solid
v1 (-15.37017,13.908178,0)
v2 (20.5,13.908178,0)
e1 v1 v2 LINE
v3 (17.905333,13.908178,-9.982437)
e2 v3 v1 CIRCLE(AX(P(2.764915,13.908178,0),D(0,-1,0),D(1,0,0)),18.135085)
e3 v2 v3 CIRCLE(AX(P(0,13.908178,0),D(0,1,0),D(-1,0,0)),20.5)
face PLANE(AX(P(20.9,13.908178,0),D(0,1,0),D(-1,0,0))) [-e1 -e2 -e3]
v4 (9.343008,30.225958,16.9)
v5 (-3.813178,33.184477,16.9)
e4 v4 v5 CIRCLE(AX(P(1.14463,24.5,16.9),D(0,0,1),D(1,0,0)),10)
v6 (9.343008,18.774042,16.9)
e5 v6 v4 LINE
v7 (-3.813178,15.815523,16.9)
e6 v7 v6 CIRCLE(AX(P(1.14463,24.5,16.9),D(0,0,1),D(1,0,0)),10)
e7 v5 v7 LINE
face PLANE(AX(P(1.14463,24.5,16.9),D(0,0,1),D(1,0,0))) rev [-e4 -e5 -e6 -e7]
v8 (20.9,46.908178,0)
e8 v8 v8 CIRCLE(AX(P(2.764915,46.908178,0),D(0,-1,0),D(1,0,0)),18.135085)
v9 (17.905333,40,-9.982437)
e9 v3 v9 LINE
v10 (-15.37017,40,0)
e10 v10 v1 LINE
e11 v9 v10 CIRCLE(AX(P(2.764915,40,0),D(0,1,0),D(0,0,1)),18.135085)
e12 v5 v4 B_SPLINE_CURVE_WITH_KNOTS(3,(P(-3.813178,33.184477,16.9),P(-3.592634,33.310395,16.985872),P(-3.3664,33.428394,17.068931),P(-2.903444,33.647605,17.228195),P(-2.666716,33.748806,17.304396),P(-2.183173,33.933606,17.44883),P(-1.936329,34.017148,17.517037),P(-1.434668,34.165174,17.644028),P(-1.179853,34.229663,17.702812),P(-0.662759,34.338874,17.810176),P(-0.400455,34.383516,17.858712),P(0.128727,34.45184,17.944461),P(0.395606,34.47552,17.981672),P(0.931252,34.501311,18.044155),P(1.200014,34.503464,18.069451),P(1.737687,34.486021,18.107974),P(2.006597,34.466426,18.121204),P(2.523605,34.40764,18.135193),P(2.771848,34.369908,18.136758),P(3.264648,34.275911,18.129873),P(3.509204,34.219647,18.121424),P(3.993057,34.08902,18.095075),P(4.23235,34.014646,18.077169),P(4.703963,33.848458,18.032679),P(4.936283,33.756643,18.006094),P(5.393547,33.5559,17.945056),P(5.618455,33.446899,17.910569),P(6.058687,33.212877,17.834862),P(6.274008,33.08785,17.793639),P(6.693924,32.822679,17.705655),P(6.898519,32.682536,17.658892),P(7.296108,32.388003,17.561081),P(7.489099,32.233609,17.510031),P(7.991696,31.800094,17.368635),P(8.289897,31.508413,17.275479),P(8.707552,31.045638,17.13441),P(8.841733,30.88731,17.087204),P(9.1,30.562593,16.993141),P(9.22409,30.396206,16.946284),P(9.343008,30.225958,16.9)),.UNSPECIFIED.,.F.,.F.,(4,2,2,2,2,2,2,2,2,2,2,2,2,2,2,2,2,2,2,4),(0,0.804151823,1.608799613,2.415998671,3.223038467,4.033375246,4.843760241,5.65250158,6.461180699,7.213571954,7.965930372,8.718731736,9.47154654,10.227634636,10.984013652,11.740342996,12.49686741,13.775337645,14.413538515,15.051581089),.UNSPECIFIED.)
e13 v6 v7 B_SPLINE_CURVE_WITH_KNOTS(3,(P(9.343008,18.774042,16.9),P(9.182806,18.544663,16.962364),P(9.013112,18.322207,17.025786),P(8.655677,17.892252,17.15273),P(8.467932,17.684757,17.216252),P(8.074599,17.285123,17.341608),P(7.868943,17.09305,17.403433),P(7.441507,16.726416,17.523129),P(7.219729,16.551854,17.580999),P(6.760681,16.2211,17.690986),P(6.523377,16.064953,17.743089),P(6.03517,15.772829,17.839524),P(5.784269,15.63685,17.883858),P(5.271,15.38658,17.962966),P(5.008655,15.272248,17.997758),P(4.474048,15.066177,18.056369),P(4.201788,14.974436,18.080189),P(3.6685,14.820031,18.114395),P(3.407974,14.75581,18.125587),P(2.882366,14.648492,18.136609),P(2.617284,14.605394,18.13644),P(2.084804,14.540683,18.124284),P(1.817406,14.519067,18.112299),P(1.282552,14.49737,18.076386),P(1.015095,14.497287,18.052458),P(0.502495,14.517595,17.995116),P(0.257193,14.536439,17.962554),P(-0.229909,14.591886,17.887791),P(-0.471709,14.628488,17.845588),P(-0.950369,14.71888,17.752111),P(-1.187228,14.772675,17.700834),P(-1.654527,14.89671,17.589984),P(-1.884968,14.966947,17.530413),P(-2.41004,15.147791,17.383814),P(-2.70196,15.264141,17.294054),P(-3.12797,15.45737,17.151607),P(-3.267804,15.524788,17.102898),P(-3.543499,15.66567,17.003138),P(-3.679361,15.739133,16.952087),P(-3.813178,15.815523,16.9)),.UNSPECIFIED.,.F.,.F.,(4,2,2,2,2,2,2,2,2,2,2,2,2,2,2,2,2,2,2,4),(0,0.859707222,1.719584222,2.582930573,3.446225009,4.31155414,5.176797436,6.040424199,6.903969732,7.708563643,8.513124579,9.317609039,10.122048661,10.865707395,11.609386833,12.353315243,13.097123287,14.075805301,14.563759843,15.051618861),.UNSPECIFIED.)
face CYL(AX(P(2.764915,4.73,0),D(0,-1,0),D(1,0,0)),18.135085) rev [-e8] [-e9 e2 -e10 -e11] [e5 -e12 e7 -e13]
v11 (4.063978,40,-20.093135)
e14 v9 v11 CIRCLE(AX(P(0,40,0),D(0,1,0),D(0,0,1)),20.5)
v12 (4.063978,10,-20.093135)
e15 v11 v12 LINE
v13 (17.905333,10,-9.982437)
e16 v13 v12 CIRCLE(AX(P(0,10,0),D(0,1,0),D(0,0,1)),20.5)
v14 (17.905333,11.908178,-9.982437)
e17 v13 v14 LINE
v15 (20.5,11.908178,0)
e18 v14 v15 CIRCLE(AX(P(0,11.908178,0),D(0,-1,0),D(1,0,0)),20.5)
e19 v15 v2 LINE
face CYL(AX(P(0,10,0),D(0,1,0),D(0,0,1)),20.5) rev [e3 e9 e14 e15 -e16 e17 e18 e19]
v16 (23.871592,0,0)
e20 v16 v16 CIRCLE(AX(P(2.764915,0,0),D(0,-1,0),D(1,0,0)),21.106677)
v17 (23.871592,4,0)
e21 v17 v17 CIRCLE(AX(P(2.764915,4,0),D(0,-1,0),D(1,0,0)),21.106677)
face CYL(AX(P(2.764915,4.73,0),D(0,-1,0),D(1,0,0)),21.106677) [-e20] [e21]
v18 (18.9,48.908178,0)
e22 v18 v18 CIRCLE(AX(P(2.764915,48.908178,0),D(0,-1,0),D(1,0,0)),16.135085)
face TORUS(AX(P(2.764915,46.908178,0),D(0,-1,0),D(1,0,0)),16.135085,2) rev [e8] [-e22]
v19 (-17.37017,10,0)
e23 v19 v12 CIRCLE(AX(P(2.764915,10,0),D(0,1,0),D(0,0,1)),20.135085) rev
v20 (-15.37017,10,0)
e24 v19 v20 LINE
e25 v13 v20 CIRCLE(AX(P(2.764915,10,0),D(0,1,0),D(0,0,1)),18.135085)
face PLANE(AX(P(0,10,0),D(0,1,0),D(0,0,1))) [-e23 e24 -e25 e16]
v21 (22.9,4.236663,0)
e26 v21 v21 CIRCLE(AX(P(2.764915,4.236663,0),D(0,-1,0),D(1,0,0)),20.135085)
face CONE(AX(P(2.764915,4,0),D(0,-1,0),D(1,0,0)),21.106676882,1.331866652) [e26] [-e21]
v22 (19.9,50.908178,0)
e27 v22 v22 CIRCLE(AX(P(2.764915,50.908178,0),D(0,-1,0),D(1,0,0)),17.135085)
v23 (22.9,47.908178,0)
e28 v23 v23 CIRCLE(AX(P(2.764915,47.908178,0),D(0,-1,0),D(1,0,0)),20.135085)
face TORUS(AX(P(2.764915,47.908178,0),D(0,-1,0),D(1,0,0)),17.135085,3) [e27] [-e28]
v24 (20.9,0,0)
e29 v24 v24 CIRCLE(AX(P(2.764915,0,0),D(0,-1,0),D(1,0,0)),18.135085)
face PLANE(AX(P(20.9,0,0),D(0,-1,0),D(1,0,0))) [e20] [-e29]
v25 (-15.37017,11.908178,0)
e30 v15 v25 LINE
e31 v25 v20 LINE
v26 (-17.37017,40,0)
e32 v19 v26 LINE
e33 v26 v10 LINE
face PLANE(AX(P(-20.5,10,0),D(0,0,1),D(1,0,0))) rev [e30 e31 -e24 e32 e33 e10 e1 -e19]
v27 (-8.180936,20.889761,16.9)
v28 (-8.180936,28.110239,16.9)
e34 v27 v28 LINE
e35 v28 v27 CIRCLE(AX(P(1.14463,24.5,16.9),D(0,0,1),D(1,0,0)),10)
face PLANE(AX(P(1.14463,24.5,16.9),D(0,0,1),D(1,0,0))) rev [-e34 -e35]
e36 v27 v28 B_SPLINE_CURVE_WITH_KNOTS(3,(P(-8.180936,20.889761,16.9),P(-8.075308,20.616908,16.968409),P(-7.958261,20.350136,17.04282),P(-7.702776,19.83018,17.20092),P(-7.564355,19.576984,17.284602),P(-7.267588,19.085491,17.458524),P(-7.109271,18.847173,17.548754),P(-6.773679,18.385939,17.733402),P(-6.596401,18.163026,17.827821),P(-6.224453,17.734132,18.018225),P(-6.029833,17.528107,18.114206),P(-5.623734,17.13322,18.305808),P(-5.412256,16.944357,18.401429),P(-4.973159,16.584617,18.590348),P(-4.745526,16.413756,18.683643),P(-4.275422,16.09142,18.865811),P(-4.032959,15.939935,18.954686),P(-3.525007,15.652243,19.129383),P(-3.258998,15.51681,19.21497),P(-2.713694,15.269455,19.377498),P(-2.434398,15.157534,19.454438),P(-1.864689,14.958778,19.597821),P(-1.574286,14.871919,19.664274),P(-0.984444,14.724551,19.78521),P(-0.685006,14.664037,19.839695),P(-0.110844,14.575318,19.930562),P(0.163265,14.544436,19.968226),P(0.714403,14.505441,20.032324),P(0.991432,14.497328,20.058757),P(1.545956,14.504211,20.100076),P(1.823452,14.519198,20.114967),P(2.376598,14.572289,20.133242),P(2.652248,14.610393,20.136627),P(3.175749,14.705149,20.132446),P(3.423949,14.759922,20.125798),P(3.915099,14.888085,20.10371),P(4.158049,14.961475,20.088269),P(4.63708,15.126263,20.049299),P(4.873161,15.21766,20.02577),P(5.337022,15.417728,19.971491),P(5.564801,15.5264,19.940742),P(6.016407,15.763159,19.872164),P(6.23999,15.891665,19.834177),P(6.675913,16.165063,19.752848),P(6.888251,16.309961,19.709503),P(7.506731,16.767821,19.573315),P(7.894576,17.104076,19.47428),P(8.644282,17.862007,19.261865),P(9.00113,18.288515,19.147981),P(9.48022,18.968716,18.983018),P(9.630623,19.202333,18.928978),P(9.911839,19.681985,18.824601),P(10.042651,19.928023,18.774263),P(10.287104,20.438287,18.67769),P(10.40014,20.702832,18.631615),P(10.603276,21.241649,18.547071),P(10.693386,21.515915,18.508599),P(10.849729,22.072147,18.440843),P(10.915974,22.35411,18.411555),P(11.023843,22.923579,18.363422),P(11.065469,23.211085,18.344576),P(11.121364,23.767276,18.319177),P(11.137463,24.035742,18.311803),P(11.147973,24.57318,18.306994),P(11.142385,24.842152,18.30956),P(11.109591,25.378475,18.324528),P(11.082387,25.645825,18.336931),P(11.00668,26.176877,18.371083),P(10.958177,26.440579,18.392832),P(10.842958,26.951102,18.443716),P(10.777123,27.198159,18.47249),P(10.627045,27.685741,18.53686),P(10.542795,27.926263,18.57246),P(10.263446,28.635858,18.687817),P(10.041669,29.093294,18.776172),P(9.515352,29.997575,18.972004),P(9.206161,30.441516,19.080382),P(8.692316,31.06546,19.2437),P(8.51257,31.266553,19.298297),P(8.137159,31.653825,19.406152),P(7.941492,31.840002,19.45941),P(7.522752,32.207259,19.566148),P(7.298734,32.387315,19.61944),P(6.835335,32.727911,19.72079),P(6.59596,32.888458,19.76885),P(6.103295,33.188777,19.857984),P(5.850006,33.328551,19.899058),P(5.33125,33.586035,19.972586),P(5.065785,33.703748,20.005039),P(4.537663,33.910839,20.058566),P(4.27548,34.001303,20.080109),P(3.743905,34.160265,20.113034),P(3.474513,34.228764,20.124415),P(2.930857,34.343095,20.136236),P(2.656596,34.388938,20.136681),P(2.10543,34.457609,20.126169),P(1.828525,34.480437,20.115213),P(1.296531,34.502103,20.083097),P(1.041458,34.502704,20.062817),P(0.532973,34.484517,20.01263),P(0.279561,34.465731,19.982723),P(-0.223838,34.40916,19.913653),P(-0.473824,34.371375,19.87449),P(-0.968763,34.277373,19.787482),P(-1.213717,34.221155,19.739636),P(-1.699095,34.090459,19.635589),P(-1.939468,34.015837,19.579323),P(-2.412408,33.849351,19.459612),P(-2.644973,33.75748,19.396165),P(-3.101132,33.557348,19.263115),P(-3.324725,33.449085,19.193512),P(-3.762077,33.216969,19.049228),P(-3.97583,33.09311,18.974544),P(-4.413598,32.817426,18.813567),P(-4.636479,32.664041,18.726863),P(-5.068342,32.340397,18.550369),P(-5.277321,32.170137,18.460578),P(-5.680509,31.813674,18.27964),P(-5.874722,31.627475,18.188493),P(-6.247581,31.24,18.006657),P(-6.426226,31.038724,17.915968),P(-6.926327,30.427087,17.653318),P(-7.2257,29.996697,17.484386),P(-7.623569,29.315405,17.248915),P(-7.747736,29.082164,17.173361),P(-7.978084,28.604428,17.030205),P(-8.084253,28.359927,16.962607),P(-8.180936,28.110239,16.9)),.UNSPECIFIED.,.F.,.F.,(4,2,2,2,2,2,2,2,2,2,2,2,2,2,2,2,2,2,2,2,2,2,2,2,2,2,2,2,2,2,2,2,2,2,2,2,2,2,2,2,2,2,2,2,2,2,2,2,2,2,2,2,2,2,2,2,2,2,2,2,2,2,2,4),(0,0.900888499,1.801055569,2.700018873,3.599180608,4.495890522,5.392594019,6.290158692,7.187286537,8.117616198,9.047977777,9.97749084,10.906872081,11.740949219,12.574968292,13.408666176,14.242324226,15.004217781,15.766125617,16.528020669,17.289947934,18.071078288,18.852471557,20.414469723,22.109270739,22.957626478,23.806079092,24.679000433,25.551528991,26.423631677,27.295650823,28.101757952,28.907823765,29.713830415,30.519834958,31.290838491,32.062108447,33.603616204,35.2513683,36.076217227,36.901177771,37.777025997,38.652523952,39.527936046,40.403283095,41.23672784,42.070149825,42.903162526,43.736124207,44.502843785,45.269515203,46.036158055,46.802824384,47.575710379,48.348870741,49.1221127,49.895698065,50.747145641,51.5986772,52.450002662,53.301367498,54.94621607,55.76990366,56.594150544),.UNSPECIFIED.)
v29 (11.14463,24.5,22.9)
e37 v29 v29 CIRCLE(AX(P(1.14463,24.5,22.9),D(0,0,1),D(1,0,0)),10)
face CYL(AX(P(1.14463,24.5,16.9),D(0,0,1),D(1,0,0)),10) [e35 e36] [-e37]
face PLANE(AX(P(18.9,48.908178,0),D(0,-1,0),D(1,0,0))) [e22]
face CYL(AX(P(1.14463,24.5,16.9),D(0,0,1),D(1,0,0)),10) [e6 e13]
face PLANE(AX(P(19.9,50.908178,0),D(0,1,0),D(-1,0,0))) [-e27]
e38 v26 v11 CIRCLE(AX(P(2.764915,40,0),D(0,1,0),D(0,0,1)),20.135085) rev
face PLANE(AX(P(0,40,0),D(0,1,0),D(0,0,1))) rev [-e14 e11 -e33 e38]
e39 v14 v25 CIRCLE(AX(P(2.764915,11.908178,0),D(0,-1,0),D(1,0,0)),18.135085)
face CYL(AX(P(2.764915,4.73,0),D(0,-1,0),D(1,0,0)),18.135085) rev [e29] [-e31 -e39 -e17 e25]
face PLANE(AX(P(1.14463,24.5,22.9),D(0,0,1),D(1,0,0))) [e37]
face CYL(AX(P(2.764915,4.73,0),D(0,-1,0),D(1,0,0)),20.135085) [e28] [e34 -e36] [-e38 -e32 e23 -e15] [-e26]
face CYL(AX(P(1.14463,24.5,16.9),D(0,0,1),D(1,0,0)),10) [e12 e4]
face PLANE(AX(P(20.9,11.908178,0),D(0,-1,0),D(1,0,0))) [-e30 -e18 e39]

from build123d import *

# Parameters (mm, degrees)
SKETCH4_R           = 10
BOSS_EXTRUDE2_DEPTH = 6
CUT_EXTRUDE2_DEPTH  = 30


with BuildPart() as part:
    # Sketch1 → Revolve1 (revolve)
    with BuildSketch(Plane.XY):
        with BuildLine():
            Line((20.9, 0), (23.871591838, 0))
            Line((23.871591838, 0), (23.871591838, 4))
            Line((23.871591838, 4), (22.9, 4.236662843))
            Line((22.9, 4.236662843), (22.9, 47.908178136))
            ThreePointArc((22.9, 47.908178136), (22.021320344, 50.02949848), (19.9, 50.908178136))
            Line((19.9, 50.908178136), (2.764914955, 50.908178136))
            Line((2.764914955, 50.908178136), (2.764914955, 48.908178136))
            Line((2.764914955, 48.908178136), (18.9, 48.908178136))
            ThreePointArc((18.9, 48.908178136), (20.314213562, 48.322391698), (20.9, 46.908178136))
            Line((20.9, 46.908178136), (20.9, 13.908178136))
            Line((20.9, 13.908178136), (2.764914955, 13.908178136))
            Line((2.764914955, 13.908178136), (2.764914955, 11.908178136))
            Line((2.764914955, 11.908178136), (20.9, 11.908178136))
            Line((20.9, 11.908178136), (20.9, 0))
        make_face()
    revolve(axis=Axis((2.764914955, 4.729999793, 0), (0, 1, 0)))

    # Sketch4 → Boss-Extrude2 (add)
    with BuildSketch(Plane.XY.offset(22.9)):
        with Locations((1.144629865, 24.5)):
            Circle(SKETCH4_R)
    extrude(amount=-BOSS_EXTRUDE2_DEPTH)

    # Sketch9 → Cut-Extrude2 (cut)
    with BuildSketch(Plane(origin=(0, 40, 0), x_dir=(1, 0, 0), z_dir=(0, 1, 0))):
        with BuildLine():
            Line((-20.5, 0), (20.5, 0))
            ThreePointArc((20.5, 0), (0, 20.5), (-20.5, 0))
        make_face()
    extrude(amount=-CUT_EXTRUDE2_DEPTH, mode=Mode.SUBTRACT)


solid = part.part
